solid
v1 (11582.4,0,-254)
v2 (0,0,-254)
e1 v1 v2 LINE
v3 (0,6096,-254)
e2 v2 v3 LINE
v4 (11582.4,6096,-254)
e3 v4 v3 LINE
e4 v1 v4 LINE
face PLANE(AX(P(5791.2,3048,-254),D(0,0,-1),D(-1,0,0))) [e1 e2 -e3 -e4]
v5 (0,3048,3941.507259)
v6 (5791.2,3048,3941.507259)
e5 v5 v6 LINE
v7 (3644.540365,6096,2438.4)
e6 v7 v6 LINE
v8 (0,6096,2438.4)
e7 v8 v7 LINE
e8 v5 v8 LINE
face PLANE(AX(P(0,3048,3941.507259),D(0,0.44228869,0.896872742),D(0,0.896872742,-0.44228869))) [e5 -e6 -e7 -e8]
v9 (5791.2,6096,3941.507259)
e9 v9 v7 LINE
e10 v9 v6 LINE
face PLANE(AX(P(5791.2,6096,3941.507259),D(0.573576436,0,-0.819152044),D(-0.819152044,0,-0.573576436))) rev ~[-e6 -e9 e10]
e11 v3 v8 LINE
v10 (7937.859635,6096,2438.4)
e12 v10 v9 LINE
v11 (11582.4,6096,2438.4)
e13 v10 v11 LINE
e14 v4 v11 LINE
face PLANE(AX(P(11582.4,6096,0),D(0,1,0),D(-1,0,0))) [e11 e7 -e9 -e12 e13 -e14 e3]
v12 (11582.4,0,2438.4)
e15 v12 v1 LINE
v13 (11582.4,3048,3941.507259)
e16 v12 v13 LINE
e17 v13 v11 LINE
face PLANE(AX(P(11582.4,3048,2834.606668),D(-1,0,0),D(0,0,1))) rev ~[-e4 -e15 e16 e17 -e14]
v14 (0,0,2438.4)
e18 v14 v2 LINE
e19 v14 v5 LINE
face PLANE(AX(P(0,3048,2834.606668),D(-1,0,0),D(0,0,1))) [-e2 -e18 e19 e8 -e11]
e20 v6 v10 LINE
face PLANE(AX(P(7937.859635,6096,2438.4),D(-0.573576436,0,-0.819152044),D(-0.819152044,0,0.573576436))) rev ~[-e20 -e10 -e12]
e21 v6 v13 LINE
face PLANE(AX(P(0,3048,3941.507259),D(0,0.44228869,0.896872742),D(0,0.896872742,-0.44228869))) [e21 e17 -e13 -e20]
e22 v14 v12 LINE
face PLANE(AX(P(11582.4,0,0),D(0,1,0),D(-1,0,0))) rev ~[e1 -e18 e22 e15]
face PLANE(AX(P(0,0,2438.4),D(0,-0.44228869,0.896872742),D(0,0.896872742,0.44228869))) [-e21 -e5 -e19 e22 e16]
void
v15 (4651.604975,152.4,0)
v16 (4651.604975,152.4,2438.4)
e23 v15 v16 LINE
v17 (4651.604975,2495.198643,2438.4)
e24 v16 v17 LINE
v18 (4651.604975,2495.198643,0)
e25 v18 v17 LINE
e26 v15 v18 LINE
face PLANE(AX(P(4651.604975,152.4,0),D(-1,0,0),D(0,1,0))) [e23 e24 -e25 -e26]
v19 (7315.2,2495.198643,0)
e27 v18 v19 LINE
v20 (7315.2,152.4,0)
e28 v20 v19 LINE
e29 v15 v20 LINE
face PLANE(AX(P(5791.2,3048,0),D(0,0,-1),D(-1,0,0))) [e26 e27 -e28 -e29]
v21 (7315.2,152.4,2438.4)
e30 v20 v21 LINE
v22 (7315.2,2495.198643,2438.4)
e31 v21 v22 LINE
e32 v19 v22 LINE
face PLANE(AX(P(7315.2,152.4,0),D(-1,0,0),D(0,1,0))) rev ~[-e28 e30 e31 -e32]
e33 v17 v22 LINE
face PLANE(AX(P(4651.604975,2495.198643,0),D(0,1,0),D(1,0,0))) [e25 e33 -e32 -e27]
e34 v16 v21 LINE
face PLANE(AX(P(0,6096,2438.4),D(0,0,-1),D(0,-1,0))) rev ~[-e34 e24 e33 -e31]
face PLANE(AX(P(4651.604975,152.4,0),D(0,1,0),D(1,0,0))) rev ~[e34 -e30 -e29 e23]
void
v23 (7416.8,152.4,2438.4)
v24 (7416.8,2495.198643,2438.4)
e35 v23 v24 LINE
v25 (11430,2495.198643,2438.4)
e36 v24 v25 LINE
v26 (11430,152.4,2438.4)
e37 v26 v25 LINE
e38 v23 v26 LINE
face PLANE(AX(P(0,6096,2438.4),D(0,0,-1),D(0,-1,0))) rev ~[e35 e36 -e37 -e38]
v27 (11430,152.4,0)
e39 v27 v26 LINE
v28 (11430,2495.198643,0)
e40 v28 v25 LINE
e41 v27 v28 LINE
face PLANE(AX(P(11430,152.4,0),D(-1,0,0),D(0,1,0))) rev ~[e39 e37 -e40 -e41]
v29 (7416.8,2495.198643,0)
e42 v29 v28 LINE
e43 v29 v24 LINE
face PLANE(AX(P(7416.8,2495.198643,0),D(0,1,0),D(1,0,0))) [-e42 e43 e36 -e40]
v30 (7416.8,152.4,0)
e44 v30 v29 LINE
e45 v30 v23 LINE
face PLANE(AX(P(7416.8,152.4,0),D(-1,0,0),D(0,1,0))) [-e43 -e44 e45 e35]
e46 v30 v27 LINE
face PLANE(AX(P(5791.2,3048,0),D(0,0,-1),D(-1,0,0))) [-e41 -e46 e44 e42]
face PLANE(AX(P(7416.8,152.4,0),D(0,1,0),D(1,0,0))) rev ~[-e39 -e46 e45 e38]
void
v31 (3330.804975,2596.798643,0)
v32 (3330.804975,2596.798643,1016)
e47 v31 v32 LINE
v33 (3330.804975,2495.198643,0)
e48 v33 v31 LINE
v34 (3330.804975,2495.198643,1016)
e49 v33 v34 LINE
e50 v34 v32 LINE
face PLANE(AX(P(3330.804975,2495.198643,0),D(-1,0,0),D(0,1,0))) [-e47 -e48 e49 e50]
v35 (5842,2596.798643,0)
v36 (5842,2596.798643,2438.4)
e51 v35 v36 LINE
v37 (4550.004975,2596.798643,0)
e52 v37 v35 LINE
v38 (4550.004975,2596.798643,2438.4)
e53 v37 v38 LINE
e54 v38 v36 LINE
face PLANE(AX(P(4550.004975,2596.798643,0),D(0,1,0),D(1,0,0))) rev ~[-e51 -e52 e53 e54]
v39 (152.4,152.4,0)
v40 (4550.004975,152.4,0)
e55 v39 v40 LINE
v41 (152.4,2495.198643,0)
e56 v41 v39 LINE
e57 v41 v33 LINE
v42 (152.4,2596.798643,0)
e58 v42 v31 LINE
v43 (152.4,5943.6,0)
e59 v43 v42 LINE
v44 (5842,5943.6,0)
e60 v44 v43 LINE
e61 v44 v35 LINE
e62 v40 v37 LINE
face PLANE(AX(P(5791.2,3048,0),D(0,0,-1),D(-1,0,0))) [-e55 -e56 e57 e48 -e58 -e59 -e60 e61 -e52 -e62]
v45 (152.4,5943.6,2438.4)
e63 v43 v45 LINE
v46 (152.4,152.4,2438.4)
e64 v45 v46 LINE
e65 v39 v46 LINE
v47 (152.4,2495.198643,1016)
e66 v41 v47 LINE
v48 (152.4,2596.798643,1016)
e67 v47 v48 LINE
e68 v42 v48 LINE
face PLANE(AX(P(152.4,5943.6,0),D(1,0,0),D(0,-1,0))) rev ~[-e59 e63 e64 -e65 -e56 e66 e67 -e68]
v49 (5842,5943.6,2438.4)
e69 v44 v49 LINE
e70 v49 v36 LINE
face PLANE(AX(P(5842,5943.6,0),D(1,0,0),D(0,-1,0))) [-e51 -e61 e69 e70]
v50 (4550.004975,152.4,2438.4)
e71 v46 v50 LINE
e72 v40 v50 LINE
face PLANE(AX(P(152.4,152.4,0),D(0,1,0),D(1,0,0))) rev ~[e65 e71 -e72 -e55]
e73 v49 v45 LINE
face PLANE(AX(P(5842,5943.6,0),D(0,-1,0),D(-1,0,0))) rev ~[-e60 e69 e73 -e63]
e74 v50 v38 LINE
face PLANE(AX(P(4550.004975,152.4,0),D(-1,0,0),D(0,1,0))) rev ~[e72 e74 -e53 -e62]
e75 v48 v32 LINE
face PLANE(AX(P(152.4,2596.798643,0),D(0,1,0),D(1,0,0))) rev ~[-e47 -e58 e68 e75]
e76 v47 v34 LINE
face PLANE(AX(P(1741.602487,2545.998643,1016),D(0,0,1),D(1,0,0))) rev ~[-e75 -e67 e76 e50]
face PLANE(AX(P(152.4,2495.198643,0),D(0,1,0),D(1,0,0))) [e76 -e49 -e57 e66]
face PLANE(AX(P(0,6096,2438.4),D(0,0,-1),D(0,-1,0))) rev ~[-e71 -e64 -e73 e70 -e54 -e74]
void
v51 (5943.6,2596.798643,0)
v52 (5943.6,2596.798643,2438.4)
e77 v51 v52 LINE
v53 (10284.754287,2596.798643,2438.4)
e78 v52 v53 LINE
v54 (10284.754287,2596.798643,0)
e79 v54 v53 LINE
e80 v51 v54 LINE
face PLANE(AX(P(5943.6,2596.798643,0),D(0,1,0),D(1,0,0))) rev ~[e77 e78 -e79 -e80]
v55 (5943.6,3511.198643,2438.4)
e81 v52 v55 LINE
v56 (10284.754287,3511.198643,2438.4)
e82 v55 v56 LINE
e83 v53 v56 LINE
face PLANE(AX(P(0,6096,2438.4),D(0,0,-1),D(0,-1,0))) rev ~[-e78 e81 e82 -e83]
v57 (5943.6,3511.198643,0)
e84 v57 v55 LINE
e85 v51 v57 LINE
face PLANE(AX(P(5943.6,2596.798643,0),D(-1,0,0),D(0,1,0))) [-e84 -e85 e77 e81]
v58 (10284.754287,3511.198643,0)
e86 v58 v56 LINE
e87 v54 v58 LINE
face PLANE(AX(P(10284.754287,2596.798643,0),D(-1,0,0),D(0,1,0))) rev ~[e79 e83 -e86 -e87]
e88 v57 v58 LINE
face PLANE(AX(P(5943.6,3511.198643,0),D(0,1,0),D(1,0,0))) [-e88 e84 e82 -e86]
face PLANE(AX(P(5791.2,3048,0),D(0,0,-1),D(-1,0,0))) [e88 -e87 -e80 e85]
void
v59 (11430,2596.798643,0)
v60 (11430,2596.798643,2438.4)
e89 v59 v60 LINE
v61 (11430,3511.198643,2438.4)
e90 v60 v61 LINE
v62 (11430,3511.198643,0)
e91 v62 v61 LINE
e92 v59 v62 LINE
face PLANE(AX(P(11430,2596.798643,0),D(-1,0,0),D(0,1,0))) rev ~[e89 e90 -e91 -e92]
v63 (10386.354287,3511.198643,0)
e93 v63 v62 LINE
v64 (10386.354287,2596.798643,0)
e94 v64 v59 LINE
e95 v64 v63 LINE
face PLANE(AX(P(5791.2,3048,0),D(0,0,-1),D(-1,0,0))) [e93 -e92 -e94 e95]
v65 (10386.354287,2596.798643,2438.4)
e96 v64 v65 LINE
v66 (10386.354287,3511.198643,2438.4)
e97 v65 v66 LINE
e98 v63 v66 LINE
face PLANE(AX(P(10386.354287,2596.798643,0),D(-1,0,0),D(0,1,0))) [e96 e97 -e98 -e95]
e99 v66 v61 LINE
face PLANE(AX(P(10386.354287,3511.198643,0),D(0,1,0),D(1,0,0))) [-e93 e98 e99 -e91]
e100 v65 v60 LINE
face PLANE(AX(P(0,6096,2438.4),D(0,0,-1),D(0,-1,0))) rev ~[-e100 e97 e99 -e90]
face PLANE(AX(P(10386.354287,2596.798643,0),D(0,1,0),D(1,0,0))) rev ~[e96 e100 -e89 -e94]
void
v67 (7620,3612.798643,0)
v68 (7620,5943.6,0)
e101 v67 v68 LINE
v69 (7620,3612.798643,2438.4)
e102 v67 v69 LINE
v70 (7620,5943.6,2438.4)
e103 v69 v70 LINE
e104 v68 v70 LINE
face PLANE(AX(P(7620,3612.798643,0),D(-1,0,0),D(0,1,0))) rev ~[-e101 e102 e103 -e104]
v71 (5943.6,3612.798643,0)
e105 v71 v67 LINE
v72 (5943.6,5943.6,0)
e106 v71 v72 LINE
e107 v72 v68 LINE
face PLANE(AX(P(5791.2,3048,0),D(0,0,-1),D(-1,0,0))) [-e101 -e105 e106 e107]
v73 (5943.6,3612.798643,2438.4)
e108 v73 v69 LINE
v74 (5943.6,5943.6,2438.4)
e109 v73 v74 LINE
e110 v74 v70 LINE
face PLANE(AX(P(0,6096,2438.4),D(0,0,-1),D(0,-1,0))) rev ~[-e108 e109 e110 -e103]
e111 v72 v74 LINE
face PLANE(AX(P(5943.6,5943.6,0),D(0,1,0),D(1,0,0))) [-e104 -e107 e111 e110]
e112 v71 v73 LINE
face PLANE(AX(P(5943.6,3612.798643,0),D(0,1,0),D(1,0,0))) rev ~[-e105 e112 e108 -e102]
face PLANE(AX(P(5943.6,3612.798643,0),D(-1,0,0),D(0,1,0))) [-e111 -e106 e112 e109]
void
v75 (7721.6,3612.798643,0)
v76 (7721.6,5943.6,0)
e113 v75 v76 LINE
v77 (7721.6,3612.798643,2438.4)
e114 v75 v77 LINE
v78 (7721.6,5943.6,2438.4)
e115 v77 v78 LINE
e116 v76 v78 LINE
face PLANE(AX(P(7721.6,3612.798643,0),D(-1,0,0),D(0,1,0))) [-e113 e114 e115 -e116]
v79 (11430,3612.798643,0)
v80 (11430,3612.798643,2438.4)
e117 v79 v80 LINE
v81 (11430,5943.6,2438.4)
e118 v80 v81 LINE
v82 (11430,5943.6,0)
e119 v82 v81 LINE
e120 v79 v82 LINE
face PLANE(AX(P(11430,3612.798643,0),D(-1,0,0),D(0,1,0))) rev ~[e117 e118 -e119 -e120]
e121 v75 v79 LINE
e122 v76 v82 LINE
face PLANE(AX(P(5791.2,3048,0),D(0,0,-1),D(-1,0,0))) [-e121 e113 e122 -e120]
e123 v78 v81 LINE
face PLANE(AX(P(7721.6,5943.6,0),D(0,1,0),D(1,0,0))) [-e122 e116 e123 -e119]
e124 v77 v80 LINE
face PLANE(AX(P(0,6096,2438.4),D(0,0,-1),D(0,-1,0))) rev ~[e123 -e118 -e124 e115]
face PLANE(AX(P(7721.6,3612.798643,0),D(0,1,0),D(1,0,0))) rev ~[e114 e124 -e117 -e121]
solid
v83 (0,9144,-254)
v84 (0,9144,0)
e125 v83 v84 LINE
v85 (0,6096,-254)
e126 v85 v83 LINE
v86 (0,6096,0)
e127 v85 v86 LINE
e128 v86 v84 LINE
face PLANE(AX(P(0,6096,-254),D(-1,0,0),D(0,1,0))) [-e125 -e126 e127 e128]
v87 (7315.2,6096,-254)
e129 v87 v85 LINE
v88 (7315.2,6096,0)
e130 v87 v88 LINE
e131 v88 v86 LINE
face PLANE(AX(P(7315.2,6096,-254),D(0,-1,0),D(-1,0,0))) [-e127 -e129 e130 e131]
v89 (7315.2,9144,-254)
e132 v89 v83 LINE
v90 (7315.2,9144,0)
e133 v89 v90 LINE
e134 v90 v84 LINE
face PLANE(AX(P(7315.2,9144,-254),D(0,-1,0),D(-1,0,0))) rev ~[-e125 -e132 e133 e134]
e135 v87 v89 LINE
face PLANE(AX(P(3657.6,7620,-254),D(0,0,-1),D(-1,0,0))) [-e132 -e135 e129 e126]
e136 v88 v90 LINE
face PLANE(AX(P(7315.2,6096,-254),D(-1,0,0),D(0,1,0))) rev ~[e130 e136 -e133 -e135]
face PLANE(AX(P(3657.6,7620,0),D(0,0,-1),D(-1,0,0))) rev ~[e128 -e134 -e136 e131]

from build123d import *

# Parameters (mm, degrees)
SKETCH3_W           = 11582.4
SKETCH3_H           = 6096
SKETCH3_W_2         = 4341.154286856
SKETCH3_H_2         = 914.4
SKETCH3_W_3         = 1676.4
SKETCH3_H_3         = 2330.801356814
SKETCH3_W_4         = 2663.595025017
SKETCH3_H_4         = 2342.798643186
SKETCH3_W_5         = 1043.645713144
SKETCH3_W_6         = 4013.2
SKETCH3_W_7         = 3708.4
BOSS_EXTRUDE1_DEPTH = 2438.4
SKETCH4_W           = 11582.4
SKETCH4_H           = 6096
BOSS_EXTRUDE2_DEPTH = 254
SKETCH5_W           = 3178.404974983
SKETCH5_H           = 101.6
BOSS_EXTRUDE3_DEPTH = 1016
BOSS_EXTRUDE4_DEPTH = 11582.4
BOSS_EXTRUDE5_REACH = 6098
SKETCH8_W           = 7315.2
SKETCH8_H           = 3048
BOSS_EXTRUDE6_DEPTH = 254


with BuildPart() as part:
    # Sketch3 → Boss-Extrude1 (new body)
    with BuildSketch(Plane.XY):
        with Locations((5791.2, 3048)):
            Rectangle(SKETCH3_W, SKETCH3_H)
        Polygon((152.4, 152.4), (4550.004974983, 152.4), (4550.004974983, 2596.798643186), (5842, 2596.798643186), (5842, 3511.198643186), (5842, 5943.6), (152.4, 5943.6), align=None, mode=Mode.SUBTRACT)
        with Locations((8114.177143428, 3053.998643186)):
            Rectangle(SKETCH3_W_2, SKETCH3_H_2, mode=Mode.SUBTRACT)
        with Locations((6781.8, 4778.199321593)):
            Rectangle(SKETCH3_W_3, SKETCH3_H_3, mode=Mode.SUBTRACT)
        with Locations((5983.402487492, 1323.799321593)):
            Rectangle(SKETCH3_W_4, SKETCH3_H_4, mode=Mode.SUBTRACT)
        with Locations((10908.177143428, 3053.998643186)):
            Rectangle(SKETCH3_W_5, SKETCH3_H_2, mode=Mode.SUBTRACT)
        with Locations((9423.4, 1323.799321593)):
            Rectangle(SKETCH3_W_6, SKETCH3_H_4, mode=Mode.SUBTRACT)
        with Locations((9575.8, 4778.199321593)):
            Rectangle(SKETCH3_W_7, SKETCH3_H_3, mode=Mode.SUBTRACT)
    extrude(amount=BOSS_EXTRUDE1_DEPTH)

    # Sketch4 → Boss-Extrude2 (add)
    with BuildSketch(Plane(origin=(0, 0, 0), x_dir=(-1, 0, 0), z_dir=(0, 0, -1))):
        with Locations((-5791.2, 3048)):
            Rectangle(SKETCH4_W, SKETCH4_H)
    extrude(amount=BOSS_EXTRUDE2_DEPTH)

    # Sketch5 → Boss-Extrude3 (add)
    with BuildSketch(Plane.XY):
        with Locations((1741.602487492, 2545.998643186)):
            Rectangle(SKETCH5_W, SKETCH5_H)
    extrude(amount=BOSS_EXTRUDE3_DEPTH)

    # Sketch6 → Boss-Extrude4 (add)
    with BuildSketch(Plane.ZY):
        Polygon((2438.4, 6096), (2438.4, 0), (3941.507258543, 3048), align=None)
    extrude(amount=-BOSS_EXTRUDE4_DEPTH)

    # Boss-Extrude5: up to this face of the body (flat: up to its plane)
    boss_extrude5_end = Plane(part.part.faces().sort_by_distance((5791.2, 4572, 3189.953629272))[0])
    # Sketch7 → Boss-Extrude5 (add, up to the picked face)
    with BuildSketch(Plane(origin=(0, 6096, 0), x_dir=(1, 0, 0), z_dir=(0, 1, 0)), mode=Mode.PRIVATE) as boss_extrude5_sk1:
        Polygon((7937.859635208, -2438.4), (5791.2, -3941.507258543), (3644.540364792, -2438.4), align=None)
    boss_extrude5_tool1 = split(extrude(boss_extrude5_sk1.sketch, amount=-BOSS_EXTRUDE5_REACH, mode=Mode.PRIVATE), bisect_by=boss_extrude5_end, keep=Keep.BOTH, mode=Mode.PRIVATE)
    add(boss_extrude5_tool1.solids().sort_by_distance((5791.2, 6096, 2939.435753))[0])


with BuildPart() as body_2:
    # Sketch8 → Boss-Extrude6 (new body)
    with BuildSketch(Plane(origin=(0, 0, -254), x_dir=(-1, 0, 0), z_dir=(0, 0, -1))):
        with Locations((-3657.6, 7620)):
            Rectangle(SKETCH8_W, SKETCH8_H)
    extrude(amount=-BOSS_EXTRUDE6_DEPTH)


solid = Compound([part.part, body_2.part])
